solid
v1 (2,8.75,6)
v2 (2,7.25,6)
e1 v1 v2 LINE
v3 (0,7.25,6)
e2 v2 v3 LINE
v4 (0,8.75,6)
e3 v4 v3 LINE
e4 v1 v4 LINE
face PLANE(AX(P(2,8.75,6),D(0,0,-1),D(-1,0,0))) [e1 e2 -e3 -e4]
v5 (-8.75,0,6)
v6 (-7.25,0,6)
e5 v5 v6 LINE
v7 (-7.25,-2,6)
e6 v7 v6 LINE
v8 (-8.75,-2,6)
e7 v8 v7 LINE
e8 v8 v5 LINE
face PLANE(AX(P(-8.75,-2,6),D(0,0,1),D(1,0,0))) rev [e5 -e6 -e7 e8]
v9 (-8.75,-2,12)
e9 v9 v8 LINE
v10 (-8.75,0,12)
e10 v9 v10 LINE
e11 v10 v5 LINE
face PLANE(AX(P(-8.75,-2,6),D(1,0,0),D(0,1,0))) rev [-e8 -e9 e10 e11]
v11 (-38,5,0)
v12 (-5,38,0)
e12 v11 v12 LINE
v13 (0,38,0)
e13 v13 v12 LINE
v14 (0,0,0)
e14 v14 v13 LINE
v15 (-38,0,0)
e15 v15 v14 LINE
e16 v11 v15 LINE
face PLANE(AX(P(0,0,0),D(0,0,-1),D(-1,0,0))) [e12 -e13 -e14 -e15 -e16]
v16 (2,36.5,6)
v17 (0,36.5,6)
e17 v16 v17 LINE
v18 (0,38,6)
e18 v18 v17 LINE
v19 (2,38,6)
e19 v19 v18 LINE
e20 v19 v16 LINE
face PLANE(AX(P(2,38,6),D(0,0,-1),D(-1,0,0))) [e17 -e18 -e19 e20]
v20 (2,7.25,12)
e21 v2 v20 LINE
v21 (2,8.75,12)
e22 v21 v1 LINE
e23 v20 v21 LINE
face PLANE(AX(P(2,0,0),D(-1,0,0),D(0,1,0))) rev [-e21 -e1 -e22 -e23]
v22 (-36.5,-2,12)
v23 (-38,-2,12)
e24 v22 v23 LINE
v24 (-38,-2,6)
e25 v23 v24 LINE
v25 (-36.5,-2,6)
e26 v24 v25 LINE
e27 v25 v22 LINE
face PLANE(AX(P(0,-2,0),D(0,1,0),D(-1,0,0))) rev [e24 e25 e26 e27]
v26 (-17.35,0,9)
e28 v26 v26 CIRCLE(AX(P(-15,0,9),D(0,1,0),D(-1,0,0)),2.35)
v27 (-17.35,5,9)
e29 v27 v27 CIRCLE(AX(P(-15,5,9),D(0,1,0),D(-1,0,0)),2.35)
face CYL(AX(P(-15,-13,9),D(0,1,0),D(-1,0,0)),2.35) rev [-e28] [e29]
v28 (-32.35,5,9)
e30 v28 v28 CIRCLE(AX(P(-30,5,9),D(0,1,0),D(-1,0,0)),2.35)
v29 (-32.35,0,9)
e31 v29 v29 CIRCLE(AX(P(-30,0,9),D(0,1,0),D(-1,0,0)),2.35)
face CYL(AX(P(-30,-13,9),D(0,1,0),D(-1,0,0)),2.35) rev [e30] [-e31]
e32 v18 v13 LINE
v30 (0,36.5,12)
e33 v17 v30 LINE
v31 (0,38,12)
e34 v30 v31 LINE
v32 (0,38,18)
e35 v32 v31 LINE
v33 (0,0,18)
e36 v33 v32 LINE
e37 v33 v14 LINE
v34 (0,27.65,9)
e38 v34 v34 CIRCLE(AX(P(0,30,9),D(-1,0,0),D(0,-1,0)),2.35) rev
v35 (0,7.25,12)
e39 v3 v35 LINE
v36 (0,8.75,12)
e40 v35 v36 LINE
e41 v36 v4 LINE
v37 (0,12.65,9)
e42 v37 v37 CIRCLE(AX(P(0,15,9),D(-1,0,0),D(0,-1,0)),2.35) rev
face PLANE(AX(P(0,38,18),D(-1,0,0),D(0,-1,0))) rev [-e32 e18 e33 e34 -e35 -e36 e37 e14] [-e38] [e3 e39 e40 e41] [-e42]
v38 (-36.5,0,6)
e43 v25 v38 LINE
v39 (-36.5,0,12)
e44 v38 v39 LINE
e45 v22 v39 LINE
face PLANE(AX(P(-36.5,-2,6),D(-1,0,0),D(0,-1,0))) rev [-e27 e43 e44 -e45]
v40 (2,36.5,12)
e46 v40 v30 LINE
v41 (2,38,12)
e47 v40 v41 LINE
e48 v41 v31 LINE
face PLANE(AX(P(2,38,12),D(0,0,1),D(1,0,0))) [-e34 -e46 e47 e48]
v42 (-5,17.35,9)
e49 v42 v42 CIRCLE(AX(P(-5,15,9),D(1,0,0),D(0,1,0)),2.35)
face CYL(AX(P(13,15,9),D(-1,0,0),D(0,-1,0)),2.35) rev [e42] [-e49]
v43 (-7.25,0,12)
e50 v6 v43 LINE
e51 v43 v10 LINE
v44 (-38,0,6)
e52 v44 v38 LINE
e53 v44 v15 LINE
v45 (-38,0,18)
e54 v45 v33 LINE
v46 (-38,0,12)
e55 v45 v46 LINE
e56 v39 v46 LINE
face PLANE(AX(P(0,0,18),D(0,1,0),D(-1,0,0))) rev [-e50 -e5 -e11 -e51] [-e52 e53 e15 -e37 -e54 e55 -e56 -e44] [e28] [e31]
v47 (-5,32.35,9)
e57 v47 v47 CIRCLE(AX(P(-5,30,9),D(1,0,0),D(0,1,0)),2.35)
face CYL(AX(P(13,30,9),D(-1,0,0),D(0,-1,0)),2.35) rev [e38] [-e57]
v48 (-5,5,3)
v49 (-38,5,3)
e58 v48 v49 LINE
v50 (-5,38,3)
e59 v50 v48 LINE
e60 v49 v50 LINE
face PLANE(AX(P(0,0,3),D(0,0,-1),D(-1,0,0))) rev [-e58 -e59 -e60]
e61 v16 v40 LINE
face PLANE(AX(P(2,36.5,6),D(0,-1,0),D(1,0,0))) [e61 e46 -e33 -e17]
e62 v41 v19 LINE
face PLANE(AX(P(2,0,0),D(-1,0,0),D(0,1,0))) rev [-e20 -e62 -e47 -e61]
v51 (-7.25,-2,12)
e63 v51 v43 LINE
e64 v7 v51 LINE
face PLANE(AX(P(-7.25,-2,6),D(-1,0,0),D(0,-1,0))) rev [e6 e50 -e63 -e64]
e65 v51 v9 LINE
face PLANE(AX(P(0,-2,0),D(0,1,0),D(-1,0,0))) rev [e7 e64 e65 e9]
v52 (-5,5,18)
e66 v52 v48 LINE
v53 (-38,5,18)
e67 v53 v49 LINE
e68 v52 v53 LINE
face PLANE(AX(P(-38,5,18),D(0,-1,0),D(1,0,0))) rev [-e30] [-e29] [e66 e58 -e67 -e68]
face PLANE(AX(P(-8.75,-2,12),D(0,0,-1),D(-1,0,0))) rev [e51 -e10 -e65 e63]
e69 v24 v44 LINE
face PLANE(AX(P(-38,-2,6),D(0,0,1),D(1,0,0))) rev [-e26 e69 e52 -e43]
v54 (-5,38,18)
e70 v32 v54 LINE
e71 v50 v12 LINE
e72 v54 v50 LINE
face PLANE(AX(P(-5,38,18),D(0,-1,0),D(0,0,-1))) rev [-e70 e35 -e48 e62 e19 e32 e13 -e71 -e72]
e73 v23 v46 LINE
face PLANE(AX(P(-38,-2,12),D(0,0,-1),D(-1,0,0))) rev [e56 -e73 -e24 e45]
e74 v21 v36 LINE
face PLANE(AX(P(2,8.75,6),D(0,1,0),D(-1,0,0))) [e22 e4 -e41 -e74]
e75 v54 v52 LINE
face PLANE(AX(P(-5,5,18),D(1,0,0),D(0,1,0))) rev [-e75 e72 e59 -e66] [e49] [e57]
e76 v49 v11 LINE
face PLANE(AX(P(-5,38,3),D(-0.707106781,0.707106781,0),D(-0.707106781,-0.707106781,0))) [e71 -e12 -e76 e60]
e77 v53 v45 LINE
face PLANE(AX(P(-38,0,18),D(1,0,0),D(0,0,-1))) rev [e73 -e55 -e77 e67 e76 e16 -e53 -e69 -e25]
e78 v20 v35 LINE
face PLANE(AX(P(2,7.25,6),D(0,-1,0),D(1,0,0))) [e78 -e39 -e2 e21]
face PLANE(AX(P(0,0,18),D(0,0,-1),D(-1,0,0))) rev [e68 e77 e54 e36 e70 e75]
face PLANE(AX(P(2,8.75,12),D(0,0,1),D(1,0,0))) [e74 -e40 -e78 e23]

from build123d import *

# Parameters (mm, degrees)
BOSS_EXTRUDE1_DEPTH = 18
SKETCH2_R           = 2.35
CUT_EXTRUDE1_DEPTH  = 18
SKETCH4_W           = 1.5
SKETCH4_H           = 6
BOSS_EXTRUDE3_DEPTH = 2
BOSS_EXTRUDE2_DEPTH = 3


with BuildPart() as part:
    # Sketch1 → Boss-Extrude1 (new body)
    with BuildSketch(Plane.XY):
        Polygon((0, 0), (-38, 0), (-38, 5), (-5, 5), (-5, 38), (0, 38), align=None)
    extrude(amount=BOSS_EXTRUDE1_DEPTH)

    # Sketch2 → Cut-Extrude1 (cut)
    with BuildSketch(Plane(origin=(0, 5, 0), x_dir=(1, 0, 0), z_dir=(0, 1, 0))):
        with Locations((-30, -9)):
            Circle(SKETCH2_R)
        with Locations((-15, -9)):
            Circle(SKETCH2_R)
    cut_extrude1 = extrude(amount=-CUT_EXTRUDE1_DEPTH, mode=Mode.SUBTRACT)

    # Sketch4 → Boss-Extrude3 (add)
    with BuildSketch(Plane.XZ):
        with Locations((-37.25, 9)):
            Rectangle(SKETCH4_W, SKETCH4_H)
        with Locations((-8, 9)):
            Rectangle(SKETCH4_W, SKETCH4_H)
    boss_extrude3 = extrude(amount=BOSS_EXTRUDE3_DEPTH)

    # Mirror1: Cut-Extrude1, Boss-Extrude3 across plane
    add(cut_extrude1.mirror(Plane(origin=(0, 0, 0), x_dir=(0, 0, 1), z_dir=(0.707106781, 0.707106781, 0))), mode=Mode.SUBTRACT)
    add(boss_extrude3.mirror(Plane(origin=(0, 0, 0), x_dir=(0, 0, 1), z_dir=(0.707106781, 0.707106781, 0))))

    # Sketch3 → Boss-Extrude2 (add)
    with BuildSketch(Plane(origin=(0, 0, 0), x_dir=(-1, 0, 0), z_dir=(0, 0, -1))):
        Polygon((5, 38), (38, 5), (5, 5), align=None)
    extrude(amount=-BOSS_EXTRUDE2_DEPTH)


solid = part.part
